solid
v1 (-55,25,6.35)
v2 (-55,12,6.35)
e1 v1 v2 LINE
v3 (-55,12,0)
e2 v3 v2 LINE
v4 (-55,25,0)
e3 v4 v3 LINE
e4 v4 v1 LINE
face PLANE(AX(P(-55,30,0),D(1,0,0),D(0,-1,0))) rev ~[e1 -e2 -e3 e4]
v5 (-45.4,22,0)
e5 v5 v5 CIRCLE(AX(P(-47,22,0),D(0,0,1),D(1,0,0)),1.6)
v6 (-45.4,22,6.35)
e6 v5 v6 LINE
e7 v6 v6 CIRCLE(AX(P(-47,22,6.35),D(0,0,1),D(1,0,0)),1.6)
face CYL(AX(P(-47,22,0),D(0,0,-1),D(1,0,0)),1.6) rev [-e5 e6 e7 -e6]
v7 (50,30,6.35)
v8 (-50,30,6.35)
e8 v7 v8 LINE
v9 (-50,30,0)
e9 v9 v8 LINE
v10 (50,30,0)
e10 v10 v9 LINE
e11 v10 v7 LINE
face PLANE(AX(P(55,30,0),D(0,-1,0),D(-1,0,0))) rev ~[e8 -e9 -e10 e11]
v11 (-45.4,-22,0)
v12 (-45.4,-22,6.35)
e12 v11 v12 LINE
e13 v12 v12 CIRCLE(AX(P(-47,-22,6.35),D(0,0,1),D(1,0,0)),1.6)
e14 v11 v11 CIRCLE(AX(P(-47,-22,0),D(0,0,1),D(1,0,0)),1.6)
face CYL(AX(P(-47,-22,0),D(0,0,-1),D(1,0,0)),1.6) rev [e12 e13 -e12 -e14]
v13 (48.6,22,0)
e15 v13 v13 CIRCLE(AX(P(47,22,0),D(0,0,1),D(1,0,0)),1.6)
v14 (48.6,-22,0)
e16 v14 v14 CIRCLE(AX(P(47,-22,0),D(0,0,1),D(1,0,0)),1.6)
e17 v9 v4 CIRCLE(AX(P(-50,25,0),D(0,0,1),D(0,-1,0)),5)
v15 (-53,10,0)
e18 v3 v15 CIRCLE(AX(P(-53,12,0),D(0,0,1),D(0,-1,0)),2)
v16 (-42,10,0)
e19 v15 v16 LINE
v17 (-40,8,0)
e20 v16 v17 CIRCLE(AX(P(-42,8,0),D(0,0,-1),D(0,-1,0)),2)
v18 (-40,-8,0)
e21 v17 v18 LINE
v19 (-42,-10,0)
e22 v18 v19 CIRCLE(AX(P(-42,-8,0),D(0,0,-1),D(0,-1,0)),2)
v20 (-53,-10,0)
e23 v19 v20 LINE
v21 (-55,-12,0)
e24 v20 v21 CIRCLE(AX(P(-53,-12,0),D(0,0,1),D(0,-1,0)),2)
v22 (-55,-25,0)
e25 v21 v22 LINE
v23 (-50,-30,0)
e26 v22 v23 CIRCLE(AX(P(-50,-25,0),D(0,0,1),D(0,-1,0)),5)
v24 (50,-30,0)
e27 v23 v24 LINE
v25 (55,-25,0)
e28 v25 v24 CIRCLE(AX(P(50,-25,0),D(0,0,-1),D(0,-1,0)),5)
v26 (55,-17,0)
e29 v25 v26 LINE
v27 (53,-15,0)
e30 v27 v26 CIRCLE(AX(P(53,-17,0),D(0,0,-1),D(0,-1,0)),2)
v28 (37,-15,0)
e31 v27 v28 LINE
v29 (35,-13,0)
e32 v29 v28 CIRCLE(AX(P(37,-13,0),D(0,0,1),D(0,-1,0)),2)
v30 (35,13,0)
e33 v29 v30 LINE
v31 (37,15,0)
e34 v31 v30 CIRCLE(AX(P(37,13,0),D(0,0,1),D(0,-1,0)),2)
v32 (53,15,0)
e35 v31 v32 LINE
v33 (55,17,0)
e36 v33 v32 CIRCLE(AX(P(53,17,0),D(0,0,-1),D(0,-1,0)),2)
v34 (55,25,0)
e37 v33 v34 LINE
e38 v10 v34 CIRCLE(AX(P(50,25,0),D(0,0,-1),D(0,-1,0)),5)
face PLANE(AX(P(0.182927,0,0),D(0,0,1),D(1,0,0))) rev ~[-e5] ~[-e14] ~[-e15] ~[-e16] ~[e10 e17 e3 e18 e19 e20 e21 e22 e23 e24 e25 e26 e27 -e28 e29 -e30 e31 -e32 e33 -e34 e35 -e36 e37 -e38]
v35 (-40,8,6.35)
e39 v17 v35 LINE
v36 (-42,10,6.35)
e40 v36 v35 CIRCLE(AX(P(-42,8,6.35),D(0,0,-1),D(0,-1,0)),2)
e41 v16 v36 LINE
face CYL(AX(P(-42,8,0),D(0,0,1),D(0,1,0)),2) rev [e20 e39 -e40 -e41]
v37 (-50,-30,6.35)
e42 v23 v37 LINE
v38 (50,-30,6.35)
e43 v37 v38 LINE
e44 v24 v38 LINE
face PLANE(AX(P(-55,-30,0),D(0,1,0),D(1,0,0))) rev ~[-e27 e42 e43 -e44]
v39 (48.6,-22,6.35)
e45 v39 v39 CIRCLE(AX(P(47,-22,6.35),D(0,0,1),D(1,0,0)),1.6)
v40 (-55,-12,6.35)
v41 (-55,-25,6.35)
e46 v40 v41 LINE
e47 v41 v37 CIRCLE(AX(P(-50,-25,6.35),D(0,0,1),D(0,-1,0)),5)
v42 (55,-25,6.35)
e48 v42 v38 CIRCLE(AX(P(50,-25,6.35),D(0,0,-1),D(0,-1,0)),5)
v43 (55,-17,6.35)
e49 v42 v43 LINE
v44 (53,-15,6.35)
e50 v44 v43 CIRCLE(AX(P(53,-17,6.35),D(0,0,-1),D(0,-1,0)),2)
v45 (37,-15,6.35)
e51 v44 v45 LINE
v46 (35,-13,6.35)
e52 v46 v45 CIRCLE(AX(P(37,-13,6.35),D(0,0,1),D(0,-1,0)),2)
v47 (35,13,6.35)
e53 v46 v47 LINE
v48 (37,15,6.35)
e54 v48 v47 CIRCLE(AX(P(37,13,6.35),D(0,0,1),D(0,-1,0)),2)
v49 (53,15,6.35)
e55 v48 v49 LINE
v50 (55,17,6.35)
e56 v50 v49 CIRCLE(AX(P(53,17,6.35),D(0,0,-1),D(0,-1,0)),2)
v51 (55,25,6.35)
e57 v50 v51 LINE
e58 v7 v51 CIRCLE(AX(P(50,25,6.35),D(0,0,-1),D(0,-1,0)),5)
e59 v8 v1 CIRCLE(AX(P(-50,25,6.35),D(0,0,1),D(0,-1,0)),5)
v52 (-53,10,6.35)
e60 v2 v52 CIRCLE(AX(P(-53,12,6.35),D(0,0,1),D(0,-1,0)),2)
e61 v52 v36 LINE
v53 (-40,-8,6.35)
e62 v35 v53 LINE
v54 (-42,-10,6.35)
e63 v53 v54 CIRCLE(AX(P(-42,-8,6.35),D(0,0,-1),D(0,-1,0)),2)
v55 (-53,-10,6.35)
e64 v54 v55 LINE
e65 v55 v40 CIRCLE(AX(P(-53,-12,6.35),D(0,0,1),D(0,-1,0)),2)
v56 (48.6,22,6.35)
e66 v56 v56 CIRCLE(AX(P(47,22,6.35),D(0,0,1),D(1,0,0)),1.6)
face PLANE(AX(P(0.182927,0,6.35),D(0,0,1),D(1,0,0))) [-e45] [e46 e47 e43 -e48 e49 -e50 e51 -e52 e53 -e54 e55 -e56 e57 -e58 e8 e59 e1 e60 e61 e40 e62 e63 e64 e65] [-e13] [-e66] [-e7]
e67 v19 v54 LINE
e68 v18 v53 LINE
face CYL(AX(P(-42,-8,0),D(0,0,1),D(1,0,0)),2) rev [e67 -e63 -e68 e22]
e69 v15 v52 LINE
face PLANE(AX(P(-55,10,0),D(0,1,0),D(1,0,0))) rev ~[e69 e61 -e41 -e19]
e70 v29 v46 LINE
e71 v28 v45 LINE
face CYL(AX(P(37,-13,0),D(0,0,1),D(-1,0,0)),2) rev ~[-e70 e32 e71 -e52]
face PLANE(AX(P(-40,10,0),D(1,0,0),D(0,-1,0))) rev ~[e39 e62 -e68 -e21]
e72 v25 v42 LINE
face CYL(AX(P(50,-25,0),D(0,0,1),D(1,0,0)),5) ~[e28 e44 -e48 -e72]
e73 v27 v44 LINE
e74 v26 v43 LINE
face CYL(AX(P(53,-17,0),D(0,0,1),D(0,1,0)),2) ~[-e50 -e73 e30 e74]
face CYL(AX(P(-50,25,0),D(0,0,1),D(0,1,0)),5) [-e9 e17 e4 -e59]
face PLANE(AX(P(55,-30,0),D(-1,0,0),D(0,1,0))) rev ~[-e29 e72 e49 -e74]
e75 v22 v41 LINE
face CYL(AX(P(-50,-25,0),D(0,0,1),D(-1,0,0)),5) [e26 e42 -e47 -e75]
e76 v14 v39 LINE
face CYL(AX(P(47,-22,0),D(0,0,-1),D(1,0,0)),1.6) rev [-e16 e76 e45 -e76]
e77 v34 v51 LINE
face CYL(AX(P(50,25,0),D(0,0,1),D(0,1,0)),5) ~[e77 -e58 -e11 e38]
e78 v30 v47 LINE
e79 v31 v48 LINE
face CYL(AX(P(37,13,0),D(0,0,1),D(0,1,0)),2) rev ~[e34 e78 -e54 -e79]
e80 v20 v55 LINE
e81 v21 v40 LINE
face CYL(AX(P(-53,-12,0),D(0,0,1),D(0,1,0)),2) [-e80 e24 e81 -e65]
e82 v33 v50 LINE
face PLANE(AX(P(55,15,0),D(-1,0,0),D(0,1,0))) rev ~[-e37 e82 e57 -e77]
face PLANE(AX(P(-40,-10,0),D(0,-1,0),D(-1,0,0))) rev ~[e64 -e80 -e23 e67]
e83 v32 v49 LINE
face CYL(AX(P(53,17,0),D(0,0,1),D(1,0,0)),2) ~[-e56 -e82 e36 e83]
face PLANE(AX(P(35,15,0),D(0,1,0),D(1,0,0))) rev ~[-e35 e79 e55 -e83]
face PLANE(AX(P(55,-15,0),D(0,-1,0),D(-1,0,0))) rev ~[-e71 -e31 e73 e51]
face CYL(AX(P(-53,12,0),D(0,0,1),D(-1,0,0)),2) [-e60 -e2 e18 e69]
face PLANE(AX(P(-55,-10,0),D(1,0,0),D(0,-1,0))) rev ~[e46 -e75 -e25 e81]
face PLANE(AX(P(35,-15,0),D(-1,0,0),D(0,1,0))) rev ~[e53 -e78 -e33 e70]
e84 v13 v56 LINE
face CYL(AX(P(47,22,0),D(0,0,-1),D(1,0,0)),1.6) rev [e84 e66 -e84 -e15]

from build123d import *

# Parameters (mm, degrees)
F0_R     = 1.6
F1_DEPTH = 6.35
F2_R     = 5
F3_R     = 2


with BuildPart() as f1:
    # F0 (on Top) → F1 (new body)
    with BuildSketch(Plane.XY):
        Polygon((55, 30), (-55, 30), (-55, 10), (-40, 10), (-40, -10), (-55, -10), (-55, -30), (55, -30), (55, -15), (35, -15), (35, 15), (55, 15), align=None)
        with Locations((-47, -22)):
            Circle(F0_R, mode=Mode.SUBTRACT)
        with Locations((47, -22)):
            Circle(F0_R, mode=Mode.SUBTRACT)
        with Locations((-47, 22)):
            Circle(F0_R, mode=Mode.SUBTRACT)
        with Locations((47, 22)):
            Circle(F0_R, mode=Mode.SUBTRACT)
    extrude(amount=F1_DEPTH)

    # F2
    f2_edges = [f1.edges().sort_by_distance(p)[0] for p in [
        (-55, 30, 3.175),
        (55, 30, 3.175),
        (55, -30, 3.175),
        (-55, -30, 3.175),
    ]]
    fillet(f2_edges, radius=F2_R)

    # F3
    f3_edges = [f1.edges().sort_by_distance(p)[0] for p in [
        (-55, -10, 3.175),
        (-40, -10, 3.175),
        (-55, 10, 3.175),
        (-40, 10, 3.175),
        (35, -15, 3.175),
        (55, -15, 3.175),
        (55, 15, 3.175),
        (35, 15, 3.175),
    ]]
    fillet(f3_edges, radius=F3_R)


solid = f1.part
